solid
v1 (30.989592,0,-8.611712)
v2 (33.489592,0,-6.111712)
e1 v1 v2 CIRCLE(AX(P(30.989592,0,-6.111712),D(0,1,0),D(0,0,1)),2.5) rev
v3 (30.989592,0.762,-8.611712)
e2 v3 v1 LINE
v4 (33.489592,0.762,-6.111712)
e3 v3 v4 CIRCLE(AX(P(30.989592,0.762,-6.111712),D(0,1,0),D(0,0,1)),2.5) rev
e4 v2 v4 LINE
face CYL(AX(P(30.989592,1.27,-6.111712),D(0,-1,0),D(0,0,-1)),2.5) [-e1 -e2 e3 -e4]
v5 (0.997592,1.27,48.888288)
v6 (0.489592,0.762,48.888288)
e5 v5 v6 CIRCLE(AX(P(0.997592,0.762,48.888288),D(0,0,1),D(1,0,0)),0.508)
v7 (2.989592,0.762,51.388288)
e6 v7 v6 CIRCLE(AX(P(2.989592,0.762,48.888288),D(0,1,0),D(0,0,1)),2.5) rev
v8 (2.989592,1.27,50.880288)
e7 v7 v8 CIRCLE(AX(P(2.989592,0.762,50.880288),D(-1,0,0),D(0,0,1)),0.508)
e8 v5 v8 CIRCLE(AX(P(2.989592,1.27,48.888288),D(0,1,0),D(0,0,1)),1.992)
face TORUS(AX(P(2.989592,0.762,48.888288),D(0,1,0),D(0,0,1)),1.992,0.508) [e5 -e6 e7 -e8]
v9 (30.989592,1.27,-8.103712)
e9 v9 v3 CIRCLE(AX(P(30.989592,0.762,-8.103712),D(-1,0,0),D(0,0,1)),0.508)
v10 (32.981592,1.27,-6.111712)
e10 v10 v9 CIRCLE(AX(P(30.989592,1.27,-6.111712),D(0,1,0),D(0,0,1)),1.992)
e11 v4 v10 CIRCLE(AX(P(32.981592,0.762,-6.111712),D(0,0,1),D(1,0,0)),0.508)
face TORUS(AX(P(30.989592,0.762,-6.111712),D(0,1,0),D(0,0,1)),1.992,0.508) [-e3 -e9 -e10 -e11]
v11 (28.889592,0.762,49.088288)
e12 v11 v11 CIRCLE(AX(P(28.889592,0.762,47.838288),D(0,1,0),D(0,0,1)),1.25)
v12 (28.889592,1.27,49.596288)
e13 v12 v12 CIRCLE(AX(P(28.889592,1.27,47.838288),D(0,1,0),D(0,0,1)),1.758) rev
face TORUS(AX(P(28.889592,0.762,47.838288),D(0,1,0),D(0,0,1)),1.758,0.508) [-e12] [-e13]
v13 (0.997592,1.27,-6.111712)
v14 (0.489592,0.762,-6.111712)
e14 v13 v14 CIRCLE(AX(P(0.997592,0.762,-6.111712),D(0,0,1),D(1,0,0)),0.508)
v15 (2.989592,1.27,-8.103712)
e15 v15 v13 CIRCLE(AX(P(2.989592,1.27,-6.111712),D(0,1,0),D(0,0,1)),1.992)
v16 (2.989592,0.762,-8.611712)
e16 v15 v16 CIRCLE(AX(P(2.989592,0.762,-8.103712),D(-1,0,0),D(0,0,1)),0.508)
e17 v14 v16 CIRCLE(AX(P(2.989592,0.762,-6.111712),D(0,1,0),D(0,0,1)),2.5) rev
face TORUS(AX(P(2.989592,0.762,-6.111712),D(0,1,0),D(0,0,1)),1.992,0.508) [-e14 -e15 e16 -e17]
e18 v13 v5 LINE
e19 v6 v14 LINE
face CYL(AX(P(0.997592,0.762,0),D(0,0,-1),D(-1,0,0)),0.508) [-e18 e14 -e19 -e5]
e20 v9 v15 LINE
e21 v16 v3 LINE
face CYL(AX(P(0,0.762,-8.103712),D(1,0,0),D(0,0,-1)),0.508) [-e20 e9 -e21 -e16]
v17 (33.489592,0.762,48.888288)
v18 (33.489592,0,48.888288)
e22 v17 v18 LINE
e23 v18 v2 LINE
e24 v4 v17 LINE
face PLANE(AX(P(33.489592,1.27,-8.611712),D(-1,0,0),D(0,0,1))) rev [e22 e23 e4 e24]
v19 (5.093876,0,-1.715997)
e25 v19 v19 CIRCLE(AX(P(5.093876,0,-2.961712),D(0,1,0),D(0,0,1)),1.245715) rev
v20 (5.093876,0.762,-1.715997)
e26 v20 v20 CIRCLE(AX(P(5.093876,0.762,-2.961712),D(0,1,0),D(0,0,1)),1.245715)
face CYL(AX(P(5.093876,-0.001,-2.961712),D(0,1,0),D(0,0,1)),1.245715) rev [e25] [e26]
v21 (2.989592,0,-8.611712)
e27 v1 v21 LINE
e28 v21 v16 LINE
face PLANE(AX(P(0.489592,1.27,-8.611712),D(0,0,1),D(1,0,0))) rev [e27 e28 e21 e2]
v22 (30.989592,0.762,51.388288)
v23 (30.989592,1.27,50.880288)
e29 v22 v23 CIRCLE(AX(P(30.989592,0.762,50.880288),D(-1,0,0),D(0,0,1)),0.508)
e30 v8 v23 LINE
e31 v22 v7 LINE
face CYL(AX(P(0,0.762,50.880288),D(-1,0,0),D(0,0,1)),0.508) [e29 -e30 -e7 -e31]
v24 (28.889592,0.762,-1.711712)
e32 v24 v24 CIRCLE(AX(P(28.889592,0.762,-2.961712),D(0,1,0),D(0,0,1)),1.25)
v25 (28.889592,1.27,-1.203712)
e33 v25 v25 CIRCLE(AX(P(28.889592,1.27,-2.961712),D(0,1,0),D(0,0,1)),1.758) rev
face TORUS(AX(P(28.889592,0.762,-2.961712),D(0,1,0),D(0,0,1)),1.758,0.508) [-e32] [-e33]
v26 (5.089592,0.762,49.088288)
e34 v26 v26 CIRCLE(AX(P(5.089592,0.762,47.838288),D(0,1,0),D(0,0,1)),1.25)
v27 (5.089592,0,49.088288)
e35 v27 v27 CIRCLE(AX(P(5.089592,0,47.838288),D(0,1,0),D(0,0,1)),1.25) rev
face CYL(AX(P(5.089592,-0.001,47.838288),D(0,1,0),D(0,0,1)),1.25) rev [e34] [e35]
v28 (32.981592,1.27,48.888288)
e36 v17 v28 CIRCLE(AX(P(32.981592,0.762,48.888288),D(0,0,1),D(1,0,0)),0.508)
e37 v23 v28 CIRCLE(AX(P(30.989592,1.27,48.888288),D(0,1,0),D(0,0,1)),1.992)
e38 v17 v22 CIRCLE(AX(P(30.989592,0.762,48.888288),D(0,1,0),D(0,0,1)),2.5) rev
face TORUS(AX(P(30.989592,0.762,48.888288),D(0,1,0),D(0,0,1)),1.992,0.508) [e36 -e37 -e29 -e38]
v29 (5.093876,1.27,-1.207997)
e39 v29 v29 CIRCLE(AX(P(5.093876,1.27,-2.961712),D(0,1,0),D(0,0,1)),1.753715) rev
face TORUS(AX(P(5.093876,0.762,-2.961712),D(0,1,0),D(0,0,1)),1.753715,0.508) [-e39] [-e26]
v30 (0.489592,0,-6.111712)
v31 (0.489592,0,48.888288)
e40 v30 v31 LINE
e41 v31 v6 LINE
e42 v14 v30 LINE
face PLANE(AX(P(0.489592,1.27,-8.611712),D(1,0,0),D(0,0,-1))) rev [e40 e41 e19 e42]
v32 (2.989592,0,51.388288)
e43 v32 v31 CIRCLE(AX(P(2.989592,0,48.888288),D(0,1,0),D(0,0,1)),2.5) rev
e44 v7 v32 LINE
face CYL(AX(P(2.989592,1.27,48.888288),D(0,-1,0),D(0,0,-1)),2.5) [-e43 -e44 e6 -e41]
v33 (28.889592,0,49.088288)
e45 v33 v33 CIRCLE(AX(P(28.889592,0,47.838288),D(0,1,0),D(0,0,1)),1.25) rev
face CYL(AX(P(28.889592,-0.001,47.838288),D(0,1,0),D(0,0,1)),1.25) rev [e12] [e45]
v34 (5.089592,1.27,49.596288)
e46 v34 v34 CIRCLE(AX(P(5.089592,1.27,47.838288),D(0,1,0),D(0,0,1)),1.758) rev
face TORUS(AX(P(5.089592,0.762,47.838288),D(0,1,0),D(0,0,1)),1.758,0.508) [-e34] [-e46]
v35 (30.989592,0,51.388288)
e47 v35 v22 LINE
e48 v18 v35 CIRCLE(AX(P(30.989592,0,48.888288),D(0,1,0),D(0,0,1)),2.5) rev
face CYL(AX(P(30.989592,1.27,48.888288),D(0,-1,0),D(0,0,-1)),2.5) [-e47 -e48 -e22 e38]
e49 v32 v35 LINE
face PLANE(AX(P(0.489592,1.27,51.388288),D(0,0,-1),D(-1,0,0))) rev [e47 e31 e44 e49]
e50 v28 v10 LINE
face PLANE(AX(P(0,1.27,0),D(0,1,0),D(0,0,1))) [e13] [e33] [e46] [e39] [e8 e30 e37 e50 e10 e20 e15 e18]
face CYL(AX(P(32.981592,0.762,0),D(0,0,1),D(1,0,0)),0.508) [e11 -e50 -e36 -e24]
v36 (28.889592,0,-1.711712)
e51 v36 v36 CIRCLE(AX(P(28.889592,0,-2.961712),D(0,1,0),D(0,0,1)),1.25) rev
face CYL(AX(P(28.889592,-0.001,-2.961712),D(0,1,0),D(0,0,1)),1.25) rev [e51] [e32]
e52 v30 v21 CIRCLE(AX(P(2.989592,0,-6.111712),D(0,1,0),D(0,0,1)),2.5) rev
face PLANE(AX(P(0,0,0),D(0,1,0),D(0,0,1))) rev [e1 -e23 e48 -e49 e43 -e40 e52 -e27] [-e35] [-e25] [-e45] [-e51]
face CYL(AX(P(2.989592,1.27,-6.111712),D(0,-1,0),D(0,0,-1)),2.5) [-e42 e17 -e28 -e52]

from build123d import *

# Parameters (mm, degrees)
SKETCH1_W           = 33
SKETCH1_H           = 60
BOSS_EXTRUDE1_DEPTH = 1.27
CUT_EXTRUDE1_REACH  = 3.27
SKETCH2_R           = 1.245715159
SKETCH2_R_2         = 1.25
FILLET1_R           = 2.50000008
FILLET2_R           = 0.508


with BuildPart() as part:
    # Sketch1 → Boss-Extrude1 (new body)
    with BuildSketch(Plane(origin=(0, 0, 0), x_dir=(1, 0, 0), z_dir=(0, 1, 0))):
        with Locations((16.989591658, -21.38828823)):
            Rectangle(SKETCH1_W, SKETCH1_H)
    extrude(amount=BOSS_EXTRUDE1_DEPTH)

    # Sketch2 → Cut-Extrude1 (cut, up to next)
    with BuildSketch(Plane(origin=(0, 1.27, 0), x_dir=(1, 0, 0), z_dir=(0, 1, 0)), mode=Mode.PRIVATE) as cut_extrude1_sk1:
        with Locations((5.093876499, 2.96171177)):
            Circle(SKETCH2_R)
    cut_extrude1_tool1 = extrude(cut_extrude1_sk1.sketch, amount=-CUT_EXTRUDE1_REACH, mode=Mode.PRIVATE) & part.part
    add(cut_extrude1_tool1.solids().sort_by_distance((5.093876, 1.27, -2.961712))[0], mode=Mode.SUBTRACT)
    # Sketch2 → Cut-Extrude1 (cut, up to next)
    with BuildSketch(Plane(origin=(0, 1.27, 0), x_dir=(1, 0, 0), z_dir=(0, 1, 0)), mode=Mode.PRIVATE) as cut_extrude1_sk2:
        with Locations((28.889591658, 2.96171177)):
            Circle(SKETCH2_R_2)
    cut_extrude1_tool2 = extrude(cut_extrude1_sk2.sketch, amount=-CUT_EXTRUDE1_REACH, mode=Mode.PRIVATE) & part.part
    add(cut_extrude1_tool2.solids().sort_by_distance((28.889592, 1.27, -2.961712))[0], mode=Mode.SUBTRACT)
    # Sketch2 → Cut-Extrude1 (cut, up to next)
    with BuildSketch(Plane(origin=(0, 1.27, 0), x_dir=(1, 0, 0), z_dir=(0, 1, 0)), mode=Mode.PRIVATE) as cut_extrude1_sk3:
        with Locations((5.089591658, -47.83828823)):
            Circle(SKETCH2_R_2)
    cut_extrude1_tool3 = extrude(cut_extrude1_sk3.sketch, amount=-CUT_EXTRUDE1_REACH, mode=Mode.PRIVATE) & part.part
    add(cut_extrude1_tool3.solids().sort_by_distance((5.089592, 1.27, 47.838288))[0], mode=Mode.SUBTRACT)
    # Sketch2 → Cut-Extrude1 (cut, up to next)
    with BuildSketch(Plane(origin=(0, 1.27, 0), x_dir=(1, 0, 0), z_dir=(0, 1, 0)), mode=Mode.PRIVATE) as cut_extrude1_sk4:
        with Locations((28.889591658, -47.83828823)):
            Circle(SKETCH2_R_2)
    cut_extrude1_tool4 = extrude(cut_extrude1_sk4.sketch, amount=-CUT_EXTRUDE1_REACH, mode=Mode.PRIVATE) & part.part
    add(cut_extrude1_tool4.solids().sort_by_distance((28.889592, 1.27, 47.838288))[0], mode=Mode.SUBTRACT)

    # Fillet1
    fillet1_edges = [part.edges().sort_by_distance(p)[0] for p in [
        (0.489591658, 0.635, -8.61171177),
        (33.489591658, 0.635, -8.61171177),
        (33.489591658, 0.635, 51.38828823),
        (0.489591658, 0.635, 51.38828823),
    ]]
    fillet(fillet1_edges, radius=FILLET1_R)

    # Fillet2
    fillet2_edges = [part.edges().sort_by_distance(p)[0] for p in [
        (27.639591658, 1.27, -2.96171177),
        (3.839591658, 1.27, 47.83828823),
        (27.639591658, 1.27, 47.83828823),
        (3.84816134, 1.27, -2.96171177),
        (33.489591658, 1.27, 21.38828823),
        (16.989591658, 1.27, 51.38828823),
        (0.489591658, 1.27, 21.38828823),
        (16.989591658, 1.27, -8.61171177),
        (32.757358588, 1.27, -7.8794787),
        (1.221824728, 1.27, -7.8794787),
        (1.221824728, 1.27, 50.65605516),
        (32.757358588, 1.27, 50.65605516),
    ]]
    fillet(fillet2_edges, radius=FILLET2_R)


solid = part.part
